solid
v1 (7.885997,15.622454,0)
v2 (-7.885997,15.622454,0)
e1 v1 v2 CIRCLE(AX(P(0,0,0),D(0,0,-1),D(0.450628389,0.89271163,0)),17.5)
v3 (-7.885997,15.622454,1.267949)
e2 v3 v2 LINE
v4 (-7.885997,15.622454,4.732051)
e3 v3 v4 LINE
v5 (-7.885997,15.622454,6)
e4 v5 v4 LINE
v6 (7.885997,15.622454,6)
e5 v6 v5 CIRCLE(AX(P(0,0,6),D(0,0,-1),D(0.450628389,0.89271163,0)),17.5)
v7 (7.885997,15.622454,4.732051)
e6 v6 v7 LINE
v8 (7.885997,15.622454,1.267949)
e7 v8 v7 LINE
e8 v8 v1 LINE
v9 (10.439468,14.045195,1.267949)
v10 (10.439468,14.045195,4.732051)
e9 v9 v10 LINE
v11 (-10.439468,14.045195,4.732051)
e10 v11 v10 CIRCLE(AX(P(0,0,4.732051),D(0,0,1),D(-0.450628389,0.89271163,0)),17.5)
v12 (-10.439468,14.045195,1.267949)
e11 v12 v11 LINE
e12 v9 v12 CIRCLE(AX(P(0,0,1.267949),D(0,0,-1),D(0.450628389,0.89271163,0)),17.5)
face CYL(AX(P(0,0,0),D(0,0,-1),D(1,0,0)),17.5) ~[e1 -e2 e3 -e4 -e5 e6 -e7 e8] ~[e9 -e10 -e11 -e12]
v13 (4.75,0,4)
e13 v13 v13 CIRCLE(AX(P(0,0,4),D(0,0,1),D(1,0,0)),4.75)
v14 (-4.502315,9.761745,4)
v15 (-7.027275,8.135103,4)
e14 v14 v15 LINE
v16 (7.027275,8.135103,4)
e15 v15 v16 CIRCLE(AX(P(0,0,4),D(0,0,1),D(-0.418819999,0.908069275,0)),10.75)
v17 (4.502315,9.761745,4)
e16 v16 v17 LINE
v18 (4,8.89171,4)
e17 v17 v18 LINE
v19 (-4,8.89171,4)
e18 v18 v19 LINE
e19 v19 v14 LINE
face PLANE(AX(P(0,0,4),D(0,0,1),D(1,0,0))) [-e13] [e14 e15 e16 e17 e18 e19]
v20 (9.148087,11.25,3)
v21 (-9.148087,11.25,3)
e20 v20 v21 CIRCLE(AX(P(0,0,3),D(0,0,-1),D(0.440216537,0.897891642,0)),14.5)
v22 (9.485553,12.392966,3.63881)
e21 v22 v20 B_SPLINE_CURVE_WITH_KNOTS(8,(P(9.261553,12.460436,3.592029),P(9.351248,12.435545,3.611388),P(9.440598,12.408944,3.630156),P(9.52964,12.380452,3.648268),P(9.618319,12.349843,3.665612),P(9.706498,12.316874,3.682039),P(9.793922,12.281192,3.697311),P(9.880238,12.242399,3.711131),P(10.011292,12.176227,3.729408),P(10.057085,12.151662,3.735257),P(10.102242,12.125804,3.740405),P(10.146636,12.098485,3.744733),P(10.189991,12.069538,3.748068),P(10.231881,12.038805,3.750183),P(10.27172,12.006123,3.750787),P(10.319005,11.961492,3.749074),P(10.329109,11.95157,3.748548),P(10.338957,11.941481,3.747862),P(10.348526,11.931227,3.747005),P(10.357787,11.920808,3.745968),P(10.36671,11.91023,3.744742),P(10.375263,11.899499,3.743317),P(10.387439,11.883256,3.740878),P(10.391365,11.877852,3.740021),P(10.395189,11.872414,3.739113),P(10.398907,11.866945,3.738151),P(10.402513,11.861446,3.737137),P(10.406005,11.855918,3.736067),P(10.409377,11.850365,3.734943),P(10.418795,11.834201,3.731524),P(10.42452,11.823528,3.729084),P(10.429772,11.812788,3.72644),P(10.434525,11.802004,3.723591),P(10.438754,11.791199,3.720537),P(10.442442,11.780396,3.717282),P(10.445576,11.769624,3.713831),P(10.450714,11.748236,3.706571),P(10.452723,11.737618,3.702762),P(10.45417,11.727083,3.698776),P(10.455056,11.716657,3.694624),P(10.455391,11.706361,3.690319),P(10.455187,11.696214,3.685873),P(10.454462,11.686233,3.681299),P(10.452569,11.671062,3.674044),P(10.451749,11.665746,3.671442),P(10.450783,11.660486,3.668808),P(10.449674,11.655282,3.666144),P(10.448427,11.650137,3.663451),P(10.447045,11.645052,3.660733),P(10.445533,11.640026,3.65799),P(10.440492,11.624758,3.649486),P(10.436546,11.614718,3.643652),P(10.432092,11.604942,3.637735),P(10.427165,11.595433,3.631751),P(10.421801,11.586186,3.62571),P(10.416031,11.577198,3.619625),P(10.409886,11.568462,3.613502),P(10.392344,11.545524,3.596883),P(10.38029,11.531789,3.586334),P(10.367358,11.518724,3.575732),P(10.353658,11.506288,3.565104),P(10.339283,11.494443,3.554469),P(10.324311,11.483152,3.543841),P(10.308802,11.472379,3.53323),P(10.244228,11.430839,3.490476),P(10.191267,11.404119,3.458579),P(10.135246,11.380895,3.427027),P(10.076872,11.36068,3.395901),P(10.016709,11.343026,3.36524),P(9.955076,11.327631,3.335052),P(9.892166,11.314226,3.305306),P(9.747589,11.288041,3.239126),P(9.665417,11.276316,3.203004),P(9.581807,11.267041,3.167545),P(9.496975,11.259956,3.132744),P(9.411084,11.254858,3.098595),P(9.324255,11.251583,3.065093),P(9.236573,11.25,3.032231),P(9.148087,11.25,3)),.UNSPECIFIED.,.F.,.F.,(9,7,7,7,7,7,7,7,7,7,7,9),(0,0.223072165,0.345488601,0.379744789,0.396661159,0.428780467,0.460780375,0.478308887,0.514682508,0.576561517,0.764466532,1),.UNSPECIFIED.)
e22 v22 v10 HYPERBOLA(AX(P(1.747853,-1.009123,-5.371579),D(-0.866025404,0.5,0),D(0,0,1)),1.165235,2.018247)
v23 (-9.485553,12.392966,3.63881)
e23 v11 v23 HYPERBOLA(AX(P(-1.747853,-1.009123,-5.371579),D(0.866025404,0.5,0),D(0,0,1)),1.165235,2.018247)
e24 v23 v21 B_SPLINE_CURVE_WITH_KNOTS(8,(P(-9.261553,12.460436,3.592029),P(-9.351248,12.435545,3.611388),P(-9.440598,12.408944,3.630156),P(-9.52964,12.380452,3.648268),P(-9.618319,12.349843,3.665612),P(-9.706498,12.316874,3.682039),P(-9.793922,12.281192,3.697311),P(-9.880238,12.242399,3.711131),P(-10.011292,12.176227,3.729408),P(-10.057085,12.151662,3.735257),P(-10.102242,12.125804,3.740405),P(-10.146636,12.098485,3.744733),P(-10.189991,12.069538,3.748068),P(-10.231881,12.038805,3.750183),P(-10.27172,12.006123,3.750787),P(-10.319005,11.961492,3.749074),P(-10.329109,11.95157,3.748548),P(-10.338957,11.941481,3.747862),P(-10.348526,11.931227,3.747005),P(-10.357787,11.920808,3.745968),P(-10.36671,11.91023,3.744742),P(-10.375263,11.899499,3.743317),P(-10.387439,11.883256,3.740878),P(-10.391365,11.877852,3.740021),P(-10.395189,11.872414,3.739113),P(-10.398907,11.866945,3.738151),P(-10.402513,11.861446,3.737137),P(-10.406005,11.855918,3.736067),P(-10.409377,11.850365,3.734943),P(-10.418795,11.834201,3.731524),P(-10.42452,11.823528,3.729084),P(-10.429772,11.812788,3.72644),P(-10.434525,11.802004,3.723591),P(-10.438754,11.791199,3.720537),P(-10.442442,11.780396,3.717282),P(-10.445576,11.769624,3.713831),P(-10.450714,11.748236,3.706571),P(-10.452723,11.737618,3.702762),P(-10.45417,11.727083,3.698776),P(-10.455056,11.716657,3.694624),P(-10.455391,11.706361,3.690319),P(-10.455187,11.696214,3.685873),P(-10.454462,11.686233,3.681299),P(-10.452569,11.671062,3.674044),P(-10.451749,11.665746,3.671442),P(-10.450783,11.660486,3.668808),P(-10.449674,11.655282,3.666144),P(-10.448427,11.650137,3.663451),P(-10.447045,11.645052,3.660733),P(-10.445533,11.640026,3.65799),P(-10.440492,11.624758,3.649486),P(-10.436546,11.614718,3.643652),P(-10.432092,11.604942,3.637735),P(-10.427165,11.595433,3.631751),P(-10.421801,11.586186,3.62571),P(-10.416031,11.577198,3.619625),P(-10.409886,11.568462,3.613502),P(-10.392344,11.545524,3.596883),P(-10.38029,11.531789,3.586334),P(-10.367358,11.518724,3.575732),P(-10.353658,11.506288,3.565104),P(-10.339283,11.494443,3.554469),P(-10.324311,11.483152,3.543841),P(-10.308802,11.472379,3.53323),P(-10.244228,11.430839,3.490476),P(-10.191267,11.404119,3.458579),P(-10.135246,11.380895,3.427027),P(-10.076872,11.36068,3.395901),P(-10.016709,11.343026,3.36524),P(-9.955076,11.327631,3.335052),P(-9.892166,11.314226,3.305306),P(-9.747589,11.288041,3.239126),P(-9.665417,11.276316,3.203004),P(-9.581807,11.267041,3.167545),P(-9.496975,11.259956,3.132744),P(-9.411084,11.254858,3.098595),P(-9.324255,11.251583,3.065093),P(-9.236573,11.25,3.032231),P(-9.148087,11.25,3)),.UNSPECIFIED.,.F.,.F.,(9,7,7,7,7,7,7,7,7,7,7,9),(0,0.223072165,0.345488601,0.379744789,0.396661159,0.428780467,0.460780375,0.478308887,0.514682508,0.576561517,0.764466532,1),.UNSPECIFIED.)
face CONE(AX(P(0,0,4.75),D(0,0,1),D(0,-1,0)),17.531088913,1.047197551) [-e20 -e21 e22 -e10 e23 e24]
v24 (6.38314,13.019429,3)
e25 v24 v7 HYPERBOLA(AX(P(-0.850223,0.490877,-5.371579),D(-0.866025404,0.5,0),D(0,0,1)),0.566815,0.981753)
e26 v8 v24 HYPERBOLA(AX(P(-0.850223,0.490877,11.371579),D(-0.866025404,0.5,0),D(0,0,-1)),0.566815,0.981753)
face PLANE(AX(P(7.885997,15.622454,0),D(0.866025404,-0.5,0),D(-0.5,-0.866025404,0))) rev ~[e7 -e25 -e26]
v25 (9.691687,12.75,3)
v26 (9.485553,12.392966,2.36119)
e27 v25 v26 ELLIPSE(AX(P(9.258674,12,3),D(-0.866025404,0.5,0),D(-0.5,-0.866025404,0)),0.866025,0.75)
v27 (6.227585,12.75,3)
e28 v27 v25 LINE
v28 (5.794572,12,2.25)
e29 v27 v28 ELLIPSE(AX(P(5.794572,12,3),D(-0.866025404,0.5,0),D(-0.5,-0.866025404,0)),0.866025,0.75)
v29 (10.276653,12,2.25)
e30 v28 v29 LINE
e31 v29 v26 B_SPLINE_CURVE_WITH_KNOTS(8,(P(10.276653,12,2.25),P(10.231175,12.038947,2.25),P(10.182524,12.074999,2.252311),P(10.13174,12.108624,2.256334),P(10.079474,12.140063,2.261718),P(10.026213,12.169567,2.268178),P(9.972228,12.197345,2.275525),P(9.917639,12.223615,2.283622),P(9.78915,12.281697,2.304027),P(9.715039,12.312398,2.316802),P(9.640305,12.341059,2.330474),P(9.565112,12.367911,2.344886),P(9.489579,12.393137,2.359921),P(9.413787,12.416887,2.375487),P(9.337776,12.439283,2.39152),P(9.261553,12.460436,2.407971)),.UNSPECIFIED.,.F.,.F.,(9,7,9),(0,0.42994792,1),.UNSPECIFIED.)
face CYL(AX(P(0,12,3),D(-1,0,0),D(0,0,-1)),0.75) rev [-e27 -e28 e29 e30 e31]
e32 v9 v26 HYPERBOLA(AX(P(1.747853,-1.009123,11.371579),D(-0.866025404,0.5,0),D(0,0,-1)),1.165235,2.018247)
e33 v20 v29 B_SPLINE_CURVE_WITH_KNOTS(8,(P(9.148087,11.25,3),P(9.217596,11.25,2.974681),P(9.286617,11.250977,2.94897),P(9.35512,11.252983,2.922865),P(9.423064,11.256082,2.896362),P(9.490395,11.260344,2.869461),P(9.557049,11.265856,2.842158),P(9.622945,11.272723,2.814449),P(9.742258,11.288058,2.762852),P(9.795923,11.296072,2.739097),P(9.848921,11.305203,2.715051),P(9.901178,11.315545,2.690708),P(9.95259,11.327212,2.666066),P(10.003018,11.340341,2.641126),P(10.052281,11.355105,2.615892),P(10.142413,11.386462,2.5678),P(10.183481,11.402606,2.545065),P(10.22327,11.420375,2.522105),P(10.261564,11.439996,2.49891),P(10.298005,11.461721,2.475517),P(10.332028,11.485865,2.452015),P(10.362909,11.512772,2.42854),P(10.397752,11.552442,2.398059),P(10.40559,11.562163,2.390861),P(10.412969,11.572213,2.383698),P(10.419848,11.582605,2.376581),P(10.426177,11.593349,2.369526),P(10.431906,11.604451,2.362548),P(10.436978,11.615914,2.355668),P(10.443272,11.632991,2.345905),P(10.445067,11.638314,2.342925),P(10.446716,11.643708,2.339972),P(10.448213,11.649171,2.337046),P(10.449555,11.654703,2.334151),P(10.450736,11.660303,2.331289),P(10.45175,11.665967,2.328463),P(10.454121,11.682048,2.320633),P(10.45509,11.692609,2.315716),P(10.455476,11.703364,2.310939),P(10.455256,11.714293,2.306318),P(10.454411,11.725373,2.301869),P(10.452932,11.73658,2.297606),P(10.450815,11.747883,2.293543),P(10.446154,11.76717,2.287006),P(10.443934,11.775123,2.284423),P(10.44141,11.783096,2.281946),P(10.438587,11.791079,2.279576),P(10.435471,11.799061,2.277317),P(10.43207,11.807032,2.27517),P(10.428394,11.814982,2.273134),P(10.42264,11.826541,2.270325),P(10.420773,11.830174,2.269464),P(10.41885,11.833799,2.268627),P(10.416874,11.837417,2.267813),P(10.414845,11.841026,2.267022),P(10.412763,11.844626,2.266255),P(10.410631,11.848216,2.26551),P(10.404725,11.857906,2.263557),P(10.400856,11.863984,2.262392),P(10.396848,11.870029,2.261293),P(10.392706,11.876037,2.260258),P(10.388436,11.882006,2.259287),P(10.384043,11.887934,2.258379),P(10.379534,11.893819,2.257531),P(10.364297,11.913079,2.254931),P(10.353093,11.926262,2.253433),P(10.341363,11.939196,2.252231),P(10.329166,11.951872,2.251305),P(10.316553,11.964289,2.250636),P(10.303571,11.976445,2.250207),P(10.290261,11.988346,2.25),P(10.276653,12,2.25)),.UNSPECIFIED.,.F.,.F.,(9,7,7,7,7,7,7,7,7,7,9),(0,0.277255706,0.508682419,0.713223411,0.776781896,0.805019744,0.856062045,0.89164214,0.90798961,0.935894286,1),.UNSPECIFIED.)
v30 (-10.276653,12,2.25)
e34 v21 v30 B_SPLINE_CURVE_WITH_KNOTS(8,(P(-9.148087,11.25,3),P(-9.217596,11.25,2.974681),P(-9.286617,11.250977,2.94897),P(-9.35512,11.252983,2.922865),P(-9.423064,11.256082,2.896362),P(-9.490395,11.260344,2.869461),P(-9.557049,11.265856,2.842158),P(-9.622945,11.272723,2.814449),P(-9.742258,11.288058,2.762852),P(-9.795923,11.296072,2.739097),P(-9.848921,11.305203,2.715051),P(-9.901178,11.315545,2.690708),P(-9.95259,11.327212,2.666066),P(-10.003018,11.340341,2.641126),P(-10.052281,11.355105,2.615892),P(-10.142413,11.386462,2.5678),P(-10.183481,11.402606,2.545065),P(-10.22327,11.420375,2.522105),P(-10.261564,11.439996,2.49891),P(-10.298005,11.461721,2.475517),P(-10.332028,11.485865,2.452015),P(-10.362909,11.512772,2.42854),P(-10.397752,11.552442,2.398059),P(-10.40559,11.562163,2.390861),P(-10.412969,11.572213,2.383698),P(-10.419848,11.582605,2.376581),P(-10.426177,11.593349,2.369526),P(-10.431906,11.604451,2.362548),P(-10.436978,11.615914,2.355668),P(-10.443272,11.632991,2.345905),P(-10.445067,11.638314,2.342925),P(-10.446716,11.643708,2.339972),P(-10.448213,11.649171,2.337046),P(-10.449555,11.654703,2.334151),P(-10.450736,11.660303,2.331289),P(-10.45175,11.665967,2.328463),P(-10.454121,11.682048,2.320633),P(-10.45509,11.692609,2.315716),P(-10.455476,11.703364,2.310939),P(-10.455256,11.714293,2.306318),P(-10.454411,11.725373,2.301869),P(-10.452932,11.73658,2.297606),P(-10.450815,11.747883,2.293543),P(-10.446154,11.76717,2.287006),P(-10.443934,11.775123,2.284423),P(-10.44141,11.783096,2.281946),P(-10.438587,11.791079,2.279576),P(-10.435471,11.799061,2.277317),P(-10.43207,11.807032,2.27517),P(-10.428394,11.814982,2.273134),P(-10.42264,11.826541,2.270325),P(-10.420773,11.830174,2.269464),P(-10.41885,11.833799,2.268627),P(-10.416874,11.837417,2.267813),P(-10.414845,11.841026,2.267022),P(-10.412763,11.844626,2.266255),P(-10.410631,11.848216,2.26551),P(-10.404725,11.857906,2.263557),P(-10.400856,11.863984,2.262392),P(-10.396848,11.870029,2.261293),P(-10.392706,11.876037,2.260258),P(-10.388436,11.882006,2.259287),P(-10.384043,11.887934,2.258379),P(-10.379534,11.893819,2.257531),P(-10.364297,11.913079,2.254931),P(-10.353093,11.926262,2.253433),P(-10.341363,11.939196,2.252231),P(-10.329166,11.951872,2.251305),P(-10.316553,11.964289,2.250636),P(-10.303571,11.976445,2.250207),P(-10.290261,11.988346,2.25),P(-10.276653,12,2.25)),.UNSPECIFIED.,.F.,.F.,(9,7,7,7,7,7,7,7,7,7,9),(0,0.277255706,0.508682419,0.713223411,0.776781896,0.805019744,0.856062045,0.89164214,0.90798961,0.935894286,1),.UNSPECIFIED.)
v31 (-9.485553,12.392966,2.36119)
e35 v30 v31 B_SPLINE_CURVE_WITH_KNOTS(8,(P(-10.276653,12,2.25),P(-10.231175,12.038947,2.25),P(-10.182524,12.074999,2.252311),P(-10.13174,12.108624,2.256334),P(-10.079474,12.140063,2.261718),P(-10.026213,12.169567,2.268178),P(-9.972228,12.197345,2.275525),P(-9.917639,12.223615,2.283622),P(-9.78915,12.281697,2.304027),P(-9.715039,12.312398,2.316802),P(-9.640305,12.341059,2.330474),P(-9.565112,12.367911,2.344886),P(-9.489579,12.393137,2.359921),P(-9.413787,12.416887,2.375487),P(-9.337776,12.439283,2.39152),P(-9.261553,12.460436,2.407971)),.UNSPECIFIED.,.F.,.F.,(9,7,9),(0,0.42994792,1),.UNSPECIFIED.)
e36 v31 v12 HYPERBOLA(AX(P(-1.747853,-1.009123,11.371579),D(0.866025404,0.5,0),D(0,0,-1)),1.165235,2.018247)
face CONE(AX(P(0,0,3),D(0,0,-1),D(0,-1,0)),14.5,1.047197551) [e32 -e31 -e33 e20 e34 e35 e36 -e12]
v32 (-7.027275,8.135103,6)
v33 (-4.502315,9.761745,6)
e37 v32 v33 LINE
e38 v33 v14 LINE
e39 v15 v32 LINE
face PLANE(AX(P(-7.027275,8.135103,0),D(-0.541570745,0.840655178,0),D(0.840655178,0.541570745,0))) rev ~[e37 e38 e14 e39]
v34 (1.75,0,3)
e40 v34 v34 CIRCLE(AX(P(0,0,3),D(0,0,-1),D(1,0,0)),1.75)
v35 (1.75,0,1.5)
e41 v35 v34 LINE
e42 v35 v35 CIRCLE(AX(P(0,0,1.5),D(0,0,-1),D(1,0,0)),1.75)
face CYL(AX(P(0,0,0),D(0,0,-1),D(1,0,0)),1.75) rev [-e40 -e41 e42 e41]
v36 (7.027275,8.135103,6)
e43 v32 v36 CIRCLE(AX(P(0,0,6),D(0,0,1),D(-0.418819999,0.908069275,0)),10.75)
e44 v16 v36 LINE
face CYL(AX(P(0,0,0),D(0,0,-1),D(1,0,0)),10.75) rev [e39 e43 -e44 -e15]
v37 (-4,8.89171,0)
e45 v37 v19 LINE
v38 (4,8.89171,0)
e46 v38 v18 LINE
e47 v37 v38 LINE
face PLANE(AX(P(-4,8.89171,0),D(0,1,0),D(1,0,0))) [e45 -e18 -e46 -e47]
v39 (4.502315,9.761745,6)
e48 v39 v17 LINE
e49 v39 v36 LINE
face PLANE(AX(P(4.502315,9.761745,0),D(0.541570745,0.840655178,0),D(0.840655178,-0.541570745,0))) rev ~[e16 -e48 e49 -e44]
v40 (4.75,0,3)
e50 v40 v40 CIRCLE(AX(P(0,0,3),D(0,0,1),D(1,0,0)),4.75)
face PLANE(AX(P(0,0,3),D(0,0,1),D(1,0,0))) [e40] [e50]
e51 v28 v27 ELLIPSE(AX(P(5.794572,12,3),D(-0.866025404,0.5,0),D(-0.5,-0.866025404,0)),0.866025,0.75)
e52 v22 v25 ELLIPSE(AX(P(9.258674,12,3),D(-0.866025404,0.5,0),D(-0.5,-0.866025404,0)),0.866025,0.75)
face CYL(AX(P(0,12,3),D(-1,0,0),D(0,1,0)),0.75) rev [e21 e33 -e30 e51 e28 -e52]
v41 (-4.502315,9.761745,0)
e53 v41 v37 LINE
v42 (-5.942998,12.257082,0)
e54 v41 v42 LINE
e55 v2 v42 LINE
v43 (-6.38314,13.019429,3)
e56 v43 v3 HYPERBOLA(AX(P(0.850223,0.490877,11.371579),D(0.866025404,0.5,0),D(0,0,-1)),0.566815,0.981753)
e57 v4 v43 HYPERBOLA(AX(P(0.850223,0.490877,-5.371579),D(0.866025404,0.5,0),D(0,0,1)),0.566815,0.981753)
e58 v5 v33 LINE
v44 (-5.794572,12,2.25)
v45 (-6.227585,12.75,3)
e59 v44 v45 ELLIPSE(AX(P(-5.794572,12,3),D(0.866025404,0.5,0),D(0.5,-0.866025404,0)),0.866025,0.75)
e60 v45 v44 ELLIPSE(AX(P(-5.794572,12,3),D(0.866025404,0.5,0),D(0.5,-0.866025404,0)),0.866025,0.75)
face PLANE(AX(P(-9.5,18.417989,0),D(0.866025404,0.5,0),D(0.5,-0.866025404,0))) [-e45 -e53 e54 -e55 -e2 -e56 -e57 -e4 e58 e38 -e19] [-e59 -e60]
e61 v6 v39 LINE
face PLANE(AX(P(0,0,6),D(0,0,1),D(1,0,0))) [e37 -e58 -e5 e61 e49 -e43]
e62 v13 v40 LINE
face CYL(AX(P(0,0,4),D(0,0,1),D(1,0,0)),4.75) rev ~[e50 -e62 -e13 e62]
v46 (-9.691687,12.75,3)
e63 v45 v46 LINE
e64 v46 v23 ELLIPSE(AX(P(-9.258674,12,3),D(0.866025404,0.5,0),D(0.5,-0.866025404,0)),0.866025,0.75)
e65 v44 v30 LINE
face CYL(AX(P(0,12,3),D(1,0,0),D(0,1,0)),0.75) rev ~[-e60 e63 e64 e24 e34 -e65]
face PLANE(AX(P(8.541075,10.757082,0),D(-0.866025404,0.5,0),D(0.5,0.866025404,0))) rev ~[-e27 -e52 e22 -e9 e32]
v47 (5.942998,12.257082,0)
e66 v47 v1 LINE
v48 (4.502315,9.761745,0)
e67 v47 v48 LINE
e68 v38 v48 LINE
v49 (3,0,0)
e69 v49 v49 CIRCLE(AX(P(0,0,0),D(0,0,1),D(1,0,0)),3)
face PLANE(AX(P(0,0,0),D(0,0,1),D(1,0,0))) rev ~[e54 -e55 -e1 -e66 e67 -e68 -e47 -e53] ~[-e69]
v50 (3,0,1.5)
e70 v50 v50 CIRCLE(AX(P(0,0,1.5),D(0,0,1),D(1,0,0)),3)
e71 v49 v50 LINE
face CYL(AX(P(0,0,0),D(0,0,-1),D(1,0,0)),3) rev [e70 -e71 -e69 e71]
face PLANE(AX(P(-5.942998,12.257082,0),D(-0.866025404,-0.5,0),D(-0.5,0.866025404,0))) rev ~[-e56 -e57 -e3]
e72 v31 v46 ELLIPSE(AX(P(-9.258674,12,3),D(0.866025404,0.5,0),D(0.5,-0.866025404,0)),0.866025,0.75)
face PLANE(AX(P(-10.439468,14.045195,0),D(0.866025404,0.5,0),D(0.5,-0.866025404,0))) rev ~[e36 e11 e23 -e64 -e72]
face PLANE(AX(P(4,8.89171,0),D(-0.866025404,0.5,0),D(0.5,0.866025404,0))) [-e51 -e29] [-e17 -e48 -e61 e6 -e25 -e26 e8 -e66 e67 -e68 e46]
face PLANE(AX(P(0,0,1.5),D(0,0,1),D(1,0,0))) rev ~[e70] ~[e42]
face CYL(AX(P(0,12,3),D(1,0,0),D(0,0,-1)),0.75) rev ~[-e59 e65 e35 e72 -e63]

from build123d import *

# Parameters (mm, degrees)
F0_R      = 17.5
F0_R_2    = 10.75
F1_DEPTH  = 6
F2_R      = 10.75
F2_R_2    = 1.75
F3_DEPTH  = 4
F8_DEPTH  = 6
F9_DEPTH  = 6
F11_DEPTH = 50
F12_R     = 4.75
F13_DEPTH = 1
F14_R     = 3
F15_DEPTH = 1.5


with BuildPart() as f1:
    # F0 (on Top) → F1 (new body)
    with BuildSketch(Plane.XY):
        Circle(F0_R)
        Circle(F0_R_2, mode=Mode.SUBTRACT)
    extrude(amount=F1_DEPTH)

    # F2 (on Top) → F3 (join)
    with BuildSketch(Plane.XY):
        Circle(F2_R)
        Circle(F2_R_2, mode=Mode.SUBTRACT)
    extrude(amount=F3_DEPTH)

    # F5: sweep along a path in F5_path
    with BuildLine(Plane(origin=(17.5, 0, 6), x_dir=(0, -1, 0), z_dir=(0, 0, -1))) as f5_path:
        CenterArc((0, 17.5), 17.5, 0, 360)
    # F4 (on Front) → F5 (sweep, cut)
    with BuildSketch(Plane.XZ):
        Polygon((17.5310889132, 4.75), (14.5, 3), (17.5310889132, 1.25), align=None)
    sweep(path=f5_path.line, mode=Mode.SUBTRACT)

    # F6 (on Top) → F8 (cut)
    with BuildSketch(Plane.XY):
        with BuildLine():
            Line((-4, 8.8917096219), (4, 8.8917096219))
            ThreePointArc((4, 8.8917096219), (0, 9.75), (-4, 8.8917096219))
        make_face()
        with BuildLine():
            ThreePointArc((-4, 8.8917096219), (0, 9.75), (4, 8.8917096219))
            Line((4, 8.8917096219), (9.5, 18.4179890635))
            Line((9.5, 18.4179890635), (-9.5, 18.4179890635))
            Line((-9.5, 18.4179890635), (-4, 8.8917096219))
        make_face()
    extrude(amount=F8_DEPTH, mode=Mode.SUBTRACT)

    # F7 (on Top) → F9 (join)
    with BuildSketch(Plane.XY):
        with BuildLine():
            Line((-5.942998404, 12.2570815767), (-7.8859968081, 15.6224535315))
            ThreePointArc((-7.8859968081, 15.6224535315), (-9.1966080897, 14.8886668189), (-10.4394679259, 14.0451952433))
            Line((-10.4394679259, 14.0451952433), (-8.5410746154, 10.7570815767))
            Line((-8.5410746154, 10.7570815767), (-5.942998404, 12.2570815767))
        make_face()
        with BuildLine():
            Line((5.942998404, 12.2570815767), (4.5023149906, 9.761744707))
            ThreePointArc((4.5023149906, 9.761744707), (5.8218855082, 9.037043163), (7.027274843, 8.1351034585))
            Line((7.027274843, 8.1351034585), (8.5410746154, 10.7570815767))
            Line((8.5410746154, 10.7570815767), (5.942998404, 12.2570815767))
        make_face()
        with BuildLine():
            ThreePointArc((7.027274843, 8.1351034585), (5.8218855082, 9.037043163), (4.5023149906, 9.761744707))
            Line((4.5023149906, 9.761744707), (7.027274843, 8.1351034585))
        make_face()
        with BuildLine():
            Line((-4.5023149906, 9.761744707), (-5.942998404, 12.2570815767))
            Line((-5.942998404, 12.2570815767), (-8.5410746154, 10.7570815767))
            Line((-8.5410746154, 10.7570815767), (-7.027274843, 8.1351034585))
            ThreePointArc((-7.027274843, 8.1351034585), (-5.8218855082, 9.037043163), (-4.5023149906, 9.761744707))
        make_face()
        with BuildLine():
            Line((-7.027274843, 8.1351034585), (-4.5023149906, 9.761744707))
            ThreePointArc((-4.5023149906, 9.761744707), (-5.8218855082, 9.037043163), (-7.027274843, 8.1351034585))
        make_face()
        with BuildLine():
            Line((7.8859968081, 15.6224535315), (5.942998404, 12.2570815767))
            Line((5.942998404, 12.2570815767), (8.5410746154, 10.7570815767))
            Line((8.5410746154, 10.7570815767), (10.4394679259, 14.0451952433))
            ThreePointArc((10.4394679259, 14.0451952433), (9.1966080897, 14.8886668189), (7.8859968081, 15.6224535315))
        make_face()
    extrude(amount=F9_DEPTH)

    # F10 (on Right) → F11 (cut, symmetric)
    with BuildSketch(Plane.YZ):
        with BuildLine():
            ThreePointArc((12, 2.25), (12.5303300859, 2.4696699141), (12.75, 3))
            ThreePointArc((12.75, 3), (11.4696699141, 3.5303300859), (12, 2.25))
        make_face()
    extrude(amount=F11_DEPTH, both=True, mode=Mode.SUBTRACT)

    # F12 (on face) → F13 (cut)
    with BuildSketch(Plane.XY.offset(4)):
        Circle(F12_R)
    extrude(amount=-F13_DEPTH, mode=Mode.SUBTRACT)

    # F14 (on Top) → F15 (cut)
    with BuildSketch(Plane.XY):
        Circle(F14_R)
    extrude(amount=F15_DEPTH, mode=Mode.SUBTRACT)


solid = f1.part
